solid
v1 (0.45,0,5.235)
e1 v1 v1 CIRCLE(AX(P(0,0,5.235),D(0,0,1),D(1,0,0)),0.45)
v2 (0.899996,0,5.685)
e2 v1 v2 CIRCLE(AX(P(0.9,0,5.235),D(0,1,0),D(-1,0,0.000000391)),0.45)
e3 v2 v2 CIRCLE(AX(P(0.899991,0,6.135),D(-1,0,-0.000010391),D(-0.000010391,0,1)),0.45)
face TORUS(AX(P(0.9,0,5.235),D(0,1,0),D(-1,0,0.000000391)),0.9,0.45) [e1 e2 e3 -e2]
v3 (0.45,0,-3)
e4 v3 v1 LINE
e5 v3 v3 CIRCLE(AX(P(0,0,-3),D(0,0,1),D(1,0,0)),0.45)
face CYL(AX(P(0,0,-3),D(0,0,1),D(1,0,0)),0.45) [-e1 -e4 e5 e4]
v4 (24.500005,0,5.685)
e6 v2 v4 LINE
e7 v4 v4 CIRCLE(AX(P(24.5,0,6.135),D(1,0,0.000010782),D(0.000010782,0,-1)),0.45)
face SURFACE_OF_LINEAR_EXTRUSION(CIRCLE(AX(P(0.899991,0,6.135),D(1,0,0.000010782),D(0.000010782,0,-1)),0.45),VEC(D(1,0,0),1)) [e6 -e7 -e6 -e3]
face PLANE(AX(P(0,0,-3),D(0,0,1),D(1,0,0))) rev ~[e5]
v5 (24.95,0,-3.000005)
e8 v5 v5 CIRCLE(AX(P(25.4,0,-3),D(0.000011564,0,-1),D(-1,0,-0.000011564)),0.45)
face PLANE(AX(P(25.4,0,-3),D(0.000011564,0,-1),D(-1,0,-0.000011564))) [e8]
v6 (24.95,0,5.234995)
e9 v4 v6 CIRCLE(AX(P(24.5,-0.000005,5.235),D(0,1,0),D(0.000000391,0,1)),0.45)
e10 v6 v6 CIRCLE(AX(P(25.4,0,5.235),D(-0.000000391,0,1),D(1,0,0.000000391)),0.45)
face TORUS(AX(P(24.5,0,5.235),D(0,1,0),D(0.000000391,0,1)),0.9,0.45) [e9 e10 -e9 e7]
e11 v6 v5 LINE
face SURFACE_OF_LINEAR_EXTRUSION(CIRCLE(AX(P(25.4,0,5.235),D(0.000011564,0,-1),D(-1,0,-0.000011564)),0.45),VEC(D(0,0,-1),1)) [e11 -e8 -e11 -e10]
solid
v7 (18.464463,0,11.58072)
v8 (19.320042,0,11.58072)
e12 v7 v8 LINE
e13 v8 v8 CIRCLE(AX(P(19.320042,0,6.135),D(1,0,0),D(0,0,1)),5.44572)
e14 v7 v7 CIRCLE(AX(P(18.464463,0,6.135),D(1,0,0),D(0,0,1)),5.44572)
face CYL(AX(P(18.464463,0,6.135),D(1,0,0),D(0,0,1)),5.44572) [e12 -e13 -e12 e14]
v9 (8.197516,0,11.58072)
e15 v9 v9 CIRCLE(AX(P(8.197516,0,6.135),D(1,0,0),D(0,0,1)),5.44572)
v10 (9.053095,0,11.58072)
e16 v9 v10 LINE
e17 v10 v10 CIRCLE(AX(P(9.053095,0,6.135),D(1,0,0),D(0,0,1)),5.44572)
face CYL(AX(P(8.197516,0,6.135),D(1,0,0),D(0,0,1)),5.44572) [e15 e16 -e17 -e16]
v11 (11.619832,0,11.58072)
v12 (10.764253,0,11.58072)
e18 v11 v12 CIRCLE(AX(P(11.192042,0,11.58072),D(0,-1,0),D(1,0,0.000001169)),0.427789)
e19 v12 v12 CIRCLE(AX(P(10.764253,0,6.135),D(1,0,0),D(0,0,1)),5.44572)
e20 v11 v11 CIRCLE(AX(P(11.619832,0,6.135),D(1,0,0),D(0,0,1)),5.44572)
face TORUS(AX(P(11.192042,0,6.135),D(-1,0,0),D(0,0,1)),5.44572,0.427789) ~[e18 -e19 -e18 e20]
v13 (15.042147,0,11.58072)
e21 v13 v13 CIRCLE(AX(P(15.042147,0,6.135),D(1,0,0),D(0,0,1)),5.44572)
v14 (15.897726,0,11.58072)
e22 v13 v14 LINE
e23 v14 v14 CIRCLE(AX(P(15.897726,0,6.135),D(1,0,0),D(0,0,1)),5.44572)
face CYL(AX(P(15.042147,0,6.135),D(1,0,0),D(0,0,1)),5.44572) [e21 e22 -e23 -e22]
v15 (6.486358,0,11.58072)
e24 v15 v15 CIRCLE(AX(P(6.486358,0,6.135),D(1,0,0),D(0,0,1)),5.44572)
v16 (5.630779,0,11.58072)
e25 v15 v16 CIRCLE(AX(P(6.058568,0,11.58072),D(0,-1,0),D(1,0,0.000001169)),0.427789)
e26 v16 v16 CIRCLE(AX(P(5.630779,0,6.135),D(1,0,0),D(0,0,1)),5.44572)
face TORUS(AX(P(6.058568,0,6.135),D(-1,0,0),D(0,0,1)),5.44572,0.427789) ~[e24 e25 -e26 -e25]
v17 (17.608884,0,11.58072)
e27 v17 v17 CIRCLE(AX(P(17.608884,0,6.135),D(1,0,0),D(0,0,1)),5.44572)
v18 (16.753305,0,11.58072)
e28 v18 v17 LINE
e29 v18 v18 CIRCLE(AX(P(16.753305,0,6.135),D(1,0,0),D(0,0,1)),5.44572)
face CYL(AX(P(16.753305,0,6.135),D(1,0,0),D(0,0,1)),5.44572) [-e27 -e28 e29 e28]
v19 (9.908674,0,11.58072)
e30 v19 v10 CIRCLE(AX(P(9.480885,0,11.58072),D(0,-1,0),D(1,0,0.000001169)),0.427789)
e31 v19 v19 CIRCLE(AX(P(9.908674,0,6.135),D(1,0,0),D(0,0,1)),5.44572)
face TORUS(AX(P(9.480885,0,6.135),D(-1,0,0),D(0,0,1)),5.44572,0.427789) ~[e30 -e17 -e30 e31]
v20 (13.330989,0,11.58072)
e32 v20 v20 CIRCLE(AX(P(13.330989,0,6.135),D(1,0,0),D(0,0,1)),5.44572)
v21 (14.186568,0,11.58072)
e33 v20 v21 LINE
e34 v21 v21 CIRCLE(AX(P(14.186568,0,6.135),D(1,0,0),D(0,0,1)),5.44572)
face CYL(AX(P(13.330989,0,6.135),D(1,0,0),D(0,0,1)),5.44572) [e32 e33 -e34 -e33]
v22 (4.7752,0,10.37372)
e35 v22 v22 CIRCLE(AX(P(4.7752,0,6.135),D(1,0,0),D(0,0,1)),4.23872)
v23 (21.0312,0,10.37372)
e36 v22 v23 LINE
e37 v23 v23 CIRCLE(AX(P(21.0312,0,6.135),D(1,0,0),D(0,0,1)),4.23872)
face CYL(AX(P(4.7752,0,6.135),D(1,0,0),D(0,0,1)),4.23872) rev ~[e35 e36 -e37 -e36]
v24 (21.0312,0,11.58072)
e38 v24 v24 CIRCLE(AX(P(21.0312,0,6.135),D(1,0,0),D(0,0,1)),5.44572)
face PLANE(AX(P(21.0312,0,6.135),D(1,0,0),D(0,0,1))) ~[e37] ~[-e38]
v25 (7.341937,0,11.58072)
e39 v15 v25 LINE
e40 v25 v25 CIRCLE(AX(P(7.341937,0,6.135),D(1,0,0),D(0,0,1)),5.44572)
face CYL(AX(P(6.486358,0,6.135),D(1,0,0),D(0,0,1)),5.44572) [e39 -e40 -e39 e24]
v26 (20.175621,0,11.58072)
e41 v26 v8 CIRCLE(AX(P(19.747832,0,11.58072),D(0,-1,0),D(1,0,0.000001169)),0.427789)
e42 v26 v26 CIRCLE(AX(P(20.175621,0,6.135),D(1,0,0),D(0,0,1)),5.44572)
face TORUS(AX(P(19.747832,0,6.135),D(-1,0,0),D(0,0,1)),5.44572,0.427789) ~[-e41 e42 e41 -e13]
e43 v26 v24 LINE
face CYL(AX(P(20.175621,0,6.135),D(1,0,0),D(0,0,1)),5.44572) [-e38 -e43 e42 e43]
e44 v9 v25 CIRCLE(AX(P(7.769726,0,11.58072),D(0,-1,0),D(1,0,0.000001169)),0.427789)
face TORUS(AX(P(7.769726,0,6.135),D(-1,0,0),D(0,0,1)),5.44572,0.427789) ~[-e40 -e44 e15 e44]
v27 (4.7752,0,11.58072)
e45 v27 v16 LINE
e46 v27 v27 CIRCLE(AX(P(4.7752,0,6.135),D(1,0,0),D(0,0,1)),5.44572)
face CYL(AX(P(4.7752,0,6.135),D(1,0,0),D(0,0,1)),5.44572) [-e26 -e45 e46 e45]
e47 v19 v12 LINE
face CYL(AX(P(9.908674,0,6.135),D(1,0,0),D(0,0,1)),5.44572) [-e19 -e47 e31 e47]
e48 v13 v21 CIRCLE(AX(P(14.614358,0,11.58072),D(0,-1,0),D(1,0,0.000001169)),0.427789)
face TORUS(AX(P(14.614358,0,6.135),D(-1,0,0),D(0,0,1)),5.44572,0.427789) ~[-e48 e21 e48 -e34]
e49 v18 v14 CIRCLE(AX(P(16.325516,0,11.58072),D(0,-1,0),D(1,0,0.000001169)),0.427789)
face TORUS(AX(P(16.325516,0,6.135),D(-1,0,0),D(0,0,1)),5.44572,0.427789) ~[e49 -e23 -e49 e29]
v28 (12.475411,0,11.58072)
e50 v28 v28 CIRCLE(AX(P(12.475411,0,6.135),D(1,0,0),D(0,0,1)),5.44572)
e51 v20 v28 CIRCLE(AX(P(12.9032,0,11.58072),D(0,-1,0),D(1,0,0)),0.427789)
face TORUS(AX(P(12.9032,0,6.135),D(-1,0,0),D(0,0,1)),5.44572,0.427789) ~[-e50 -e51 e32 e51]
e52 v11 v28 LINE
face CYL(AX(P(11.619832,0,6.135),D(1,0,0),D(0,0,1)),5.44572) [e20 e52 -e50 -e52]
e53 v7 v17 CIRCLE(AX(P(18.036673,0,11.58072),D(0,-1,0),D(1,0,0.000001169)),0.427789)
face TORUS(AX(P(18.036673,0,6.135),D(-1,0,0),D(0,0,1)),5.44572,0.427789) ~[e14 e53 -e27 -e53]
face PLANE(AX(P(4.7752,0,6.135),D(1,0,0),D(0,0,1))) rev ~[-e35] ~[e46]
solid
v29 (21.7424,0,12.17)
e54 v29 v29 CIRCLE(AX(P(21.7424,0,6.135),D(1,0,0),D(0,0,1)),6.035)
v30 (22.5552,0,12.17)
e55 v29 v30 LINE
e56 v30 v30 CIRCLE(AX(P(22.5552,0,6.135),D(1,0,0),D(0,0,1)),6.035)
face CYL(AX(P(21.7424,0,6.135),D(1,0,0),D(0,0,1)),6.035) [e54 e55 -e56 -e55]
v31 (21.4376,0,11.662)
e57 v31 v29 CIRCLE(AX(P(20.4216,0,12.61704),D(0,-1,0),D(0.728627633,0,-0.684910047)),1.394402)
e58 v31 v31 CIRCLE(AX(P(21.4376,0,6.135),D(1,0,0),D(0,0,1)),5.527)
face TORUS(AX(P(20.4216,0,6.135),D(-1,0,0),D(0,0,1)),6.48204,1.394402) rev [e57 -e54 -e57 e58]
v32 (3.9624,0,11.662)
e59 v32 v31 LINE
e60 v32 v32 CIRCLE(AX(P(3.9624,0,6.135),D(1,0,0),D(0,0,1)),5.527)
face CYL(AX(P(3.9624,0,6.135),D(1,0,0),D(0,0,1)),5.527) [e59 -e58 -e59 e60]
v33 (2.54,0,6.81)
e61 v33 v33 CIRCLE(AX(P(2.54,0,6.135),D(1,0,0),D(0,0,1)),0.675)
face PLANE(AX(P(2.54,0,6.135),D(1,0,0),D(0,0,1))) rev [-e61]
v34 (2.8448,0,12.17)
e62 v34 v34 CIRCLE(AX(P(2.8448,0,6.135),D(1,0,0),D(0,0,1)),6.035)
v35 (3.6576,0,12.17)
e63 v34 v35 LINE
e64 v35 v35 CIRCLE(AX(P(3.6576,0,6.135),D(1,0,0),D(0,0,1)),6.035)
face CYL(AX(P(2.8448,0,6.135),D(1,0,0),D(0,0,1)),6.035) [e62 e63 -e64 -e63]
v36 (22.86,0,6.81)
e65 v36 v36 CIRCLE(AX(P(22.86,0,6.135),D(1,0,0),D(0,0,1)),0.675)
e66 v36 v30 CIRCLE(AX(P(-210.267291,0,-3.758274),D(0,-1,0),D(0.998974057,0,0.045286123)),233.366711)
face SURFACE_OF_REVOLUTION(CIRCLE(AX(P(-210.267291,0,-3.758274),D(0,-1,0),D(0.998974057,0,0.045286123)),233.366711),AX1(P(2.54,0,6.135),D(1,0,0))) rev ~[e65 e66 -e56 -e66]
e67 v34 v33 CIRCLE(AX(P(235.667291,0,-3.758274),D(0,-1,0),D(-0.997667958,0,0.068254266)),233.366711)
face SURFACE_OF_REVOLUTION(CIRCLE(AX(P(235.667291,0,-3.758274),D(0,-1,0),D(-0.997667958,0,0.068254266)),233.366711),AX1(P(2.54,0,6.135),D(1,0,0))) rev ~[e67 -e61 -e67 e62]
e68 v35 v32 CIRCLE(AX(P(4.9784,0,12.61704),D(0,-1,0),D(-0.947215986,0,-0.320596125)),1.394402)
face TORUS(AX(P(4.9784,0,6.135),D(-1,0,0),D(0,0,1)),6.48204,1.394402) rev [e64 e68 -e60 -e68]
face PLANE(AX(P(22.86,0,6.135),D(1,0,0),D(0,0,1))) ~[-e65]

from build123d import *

# Parameters (mm, degrees)
SKETCH_R = 0.45


with BuildPart() as revolution:
    # Sketch002 → Revolution (revolve)
    with BuildSketch(Plane.XZ):
        with BuildLine():
            Line((2.8448, 12.17), (3.6576, 12.17))
            ThreePointArc((3.6576, 12.17), (3.78271, 11.899626), (3.9624, 11.662))
            Line((3.9624, 11.662), (21.4376, 11.662))
            ThreePointArc((21.4376, 11.662), (21.61729, 11.899626), (21.7424, 12.17))
            Line((21.7424, 12.17), (22.5552, 12.17))
            ThreePointArc((22.86, 6.81), (22.723014, 9.490877), (22.5552, 12.17))
            Line((22.86, 6.135), (22.86, 6.81))
            Line((2.54, 6.135), (22.86, 6.135))
            Line((2.54, 6.135), (2.54, 6.81))
            ThreePointArc((2.8448, 12.17), (2.676986, 9.490877), (2.54, 6.81))
        make_face()
    revolve(axis=Axis((2.54, 0, 6.135), (1, 0, 0)))


with BuildPart() as sweep_body:
    # Sweep: sweep along a path in Sketch001
    with BuildLine(Plane.XZ) as sweep_path:
        Line((0, -3), (0, 5.235))
        ThreePointArc((0, 5.235), (0.263601, 5.871393), (0.899991, 6.135))
        Line((0.899991, 6.135), (24.5, 6.135))
        ThreePointArc((24.5, 6.135), (25.136396, 5.871396), (25.4, 5.235))
        Line((25.4, 5.235), (25.4, -3))
    # Sketch → Sweep (sweep)
    with BuildSketch(Plane.XY.offset(-2)):
        Circle(SKETCH_R)
    sweep(path=sweep_path.line)


with BuildPart() as revolution001:
    # Sketch003 → Revolution001 (revolve)
    with BuildSketch(Plane.XZ):
        with BuildLine():
            ThreePointArc((6.486358, 11.58072), (6.058568, 12.008509), (5.630779, 11.58072))
            Line((4.7752, 11.58072), (5.630779, 11.58072))
            Line((4.7752, 11.58072), (4.7752, 10.37372))
            Line((4.7752, 10.37372), (21.0312, 10.37372))
            Line((21.0312, 10.37372), (21.0312, 11.58072))
            Line((20.175621, 11.58072), (21.0312, 11.58072))
            ThreePointArc((20.175621, 11.58072), (19.747832, 12.008509), (19.320042, 11.58072))
            Line((18.464463, 11.58072), (19.320042, 11.58072))
            ThreePointArc((18.464463, 11.58072), (18.036674, 12.008509), (17.608884, 11.58072))
            Line((16.753305, 11.58072), (17.608884, 11.58072))
            ThreePointArc((16.753305, 11.58072), (16.325516, 12.008509), (15.897726, 11.58072))
            Line((15.042147, 11.58072), (15.897726, 11.58072))
            ThreePointArc((15.042147, 11.58072), (14.614358, 12.008509), (14.186568, 11.58072))
            Line((13.330989, 11.58072), (14.186568, 11.58072))
            ThreePointArc((13.330989, 11.58072), (12.9032, 12.008509), (12.475411, 11.58072))
            Line((11.619832, 11.58072), (12.475411, 11.58072))
            ThreePointArc((11.619832, 11.58072), (11.192042, 12.008509), (10.764253, 11.58072))
            Line((9.908674, 11.58072), (10.764253, 11.58072))
            ThreePointArc((9.908674, 11.58072), (9.480884, 12.008509), (9.053095, 11.58072))
            Line((8.197516, 11.58072), (9.053095, 11.58072))
            ThreePointArc((8.197516, 11.58072), (7.769726, 12.008509), (7.341937, 11.58072))
            Line((6.486358, 11.58072), (7.341937, 11.58072))
        make_face()
    revolve(axis=Axis((3.048, 0, 6.135), (1, 0, 0)))


solid = Compound([revolution.part, sweep_body.part, revolution001.part])
